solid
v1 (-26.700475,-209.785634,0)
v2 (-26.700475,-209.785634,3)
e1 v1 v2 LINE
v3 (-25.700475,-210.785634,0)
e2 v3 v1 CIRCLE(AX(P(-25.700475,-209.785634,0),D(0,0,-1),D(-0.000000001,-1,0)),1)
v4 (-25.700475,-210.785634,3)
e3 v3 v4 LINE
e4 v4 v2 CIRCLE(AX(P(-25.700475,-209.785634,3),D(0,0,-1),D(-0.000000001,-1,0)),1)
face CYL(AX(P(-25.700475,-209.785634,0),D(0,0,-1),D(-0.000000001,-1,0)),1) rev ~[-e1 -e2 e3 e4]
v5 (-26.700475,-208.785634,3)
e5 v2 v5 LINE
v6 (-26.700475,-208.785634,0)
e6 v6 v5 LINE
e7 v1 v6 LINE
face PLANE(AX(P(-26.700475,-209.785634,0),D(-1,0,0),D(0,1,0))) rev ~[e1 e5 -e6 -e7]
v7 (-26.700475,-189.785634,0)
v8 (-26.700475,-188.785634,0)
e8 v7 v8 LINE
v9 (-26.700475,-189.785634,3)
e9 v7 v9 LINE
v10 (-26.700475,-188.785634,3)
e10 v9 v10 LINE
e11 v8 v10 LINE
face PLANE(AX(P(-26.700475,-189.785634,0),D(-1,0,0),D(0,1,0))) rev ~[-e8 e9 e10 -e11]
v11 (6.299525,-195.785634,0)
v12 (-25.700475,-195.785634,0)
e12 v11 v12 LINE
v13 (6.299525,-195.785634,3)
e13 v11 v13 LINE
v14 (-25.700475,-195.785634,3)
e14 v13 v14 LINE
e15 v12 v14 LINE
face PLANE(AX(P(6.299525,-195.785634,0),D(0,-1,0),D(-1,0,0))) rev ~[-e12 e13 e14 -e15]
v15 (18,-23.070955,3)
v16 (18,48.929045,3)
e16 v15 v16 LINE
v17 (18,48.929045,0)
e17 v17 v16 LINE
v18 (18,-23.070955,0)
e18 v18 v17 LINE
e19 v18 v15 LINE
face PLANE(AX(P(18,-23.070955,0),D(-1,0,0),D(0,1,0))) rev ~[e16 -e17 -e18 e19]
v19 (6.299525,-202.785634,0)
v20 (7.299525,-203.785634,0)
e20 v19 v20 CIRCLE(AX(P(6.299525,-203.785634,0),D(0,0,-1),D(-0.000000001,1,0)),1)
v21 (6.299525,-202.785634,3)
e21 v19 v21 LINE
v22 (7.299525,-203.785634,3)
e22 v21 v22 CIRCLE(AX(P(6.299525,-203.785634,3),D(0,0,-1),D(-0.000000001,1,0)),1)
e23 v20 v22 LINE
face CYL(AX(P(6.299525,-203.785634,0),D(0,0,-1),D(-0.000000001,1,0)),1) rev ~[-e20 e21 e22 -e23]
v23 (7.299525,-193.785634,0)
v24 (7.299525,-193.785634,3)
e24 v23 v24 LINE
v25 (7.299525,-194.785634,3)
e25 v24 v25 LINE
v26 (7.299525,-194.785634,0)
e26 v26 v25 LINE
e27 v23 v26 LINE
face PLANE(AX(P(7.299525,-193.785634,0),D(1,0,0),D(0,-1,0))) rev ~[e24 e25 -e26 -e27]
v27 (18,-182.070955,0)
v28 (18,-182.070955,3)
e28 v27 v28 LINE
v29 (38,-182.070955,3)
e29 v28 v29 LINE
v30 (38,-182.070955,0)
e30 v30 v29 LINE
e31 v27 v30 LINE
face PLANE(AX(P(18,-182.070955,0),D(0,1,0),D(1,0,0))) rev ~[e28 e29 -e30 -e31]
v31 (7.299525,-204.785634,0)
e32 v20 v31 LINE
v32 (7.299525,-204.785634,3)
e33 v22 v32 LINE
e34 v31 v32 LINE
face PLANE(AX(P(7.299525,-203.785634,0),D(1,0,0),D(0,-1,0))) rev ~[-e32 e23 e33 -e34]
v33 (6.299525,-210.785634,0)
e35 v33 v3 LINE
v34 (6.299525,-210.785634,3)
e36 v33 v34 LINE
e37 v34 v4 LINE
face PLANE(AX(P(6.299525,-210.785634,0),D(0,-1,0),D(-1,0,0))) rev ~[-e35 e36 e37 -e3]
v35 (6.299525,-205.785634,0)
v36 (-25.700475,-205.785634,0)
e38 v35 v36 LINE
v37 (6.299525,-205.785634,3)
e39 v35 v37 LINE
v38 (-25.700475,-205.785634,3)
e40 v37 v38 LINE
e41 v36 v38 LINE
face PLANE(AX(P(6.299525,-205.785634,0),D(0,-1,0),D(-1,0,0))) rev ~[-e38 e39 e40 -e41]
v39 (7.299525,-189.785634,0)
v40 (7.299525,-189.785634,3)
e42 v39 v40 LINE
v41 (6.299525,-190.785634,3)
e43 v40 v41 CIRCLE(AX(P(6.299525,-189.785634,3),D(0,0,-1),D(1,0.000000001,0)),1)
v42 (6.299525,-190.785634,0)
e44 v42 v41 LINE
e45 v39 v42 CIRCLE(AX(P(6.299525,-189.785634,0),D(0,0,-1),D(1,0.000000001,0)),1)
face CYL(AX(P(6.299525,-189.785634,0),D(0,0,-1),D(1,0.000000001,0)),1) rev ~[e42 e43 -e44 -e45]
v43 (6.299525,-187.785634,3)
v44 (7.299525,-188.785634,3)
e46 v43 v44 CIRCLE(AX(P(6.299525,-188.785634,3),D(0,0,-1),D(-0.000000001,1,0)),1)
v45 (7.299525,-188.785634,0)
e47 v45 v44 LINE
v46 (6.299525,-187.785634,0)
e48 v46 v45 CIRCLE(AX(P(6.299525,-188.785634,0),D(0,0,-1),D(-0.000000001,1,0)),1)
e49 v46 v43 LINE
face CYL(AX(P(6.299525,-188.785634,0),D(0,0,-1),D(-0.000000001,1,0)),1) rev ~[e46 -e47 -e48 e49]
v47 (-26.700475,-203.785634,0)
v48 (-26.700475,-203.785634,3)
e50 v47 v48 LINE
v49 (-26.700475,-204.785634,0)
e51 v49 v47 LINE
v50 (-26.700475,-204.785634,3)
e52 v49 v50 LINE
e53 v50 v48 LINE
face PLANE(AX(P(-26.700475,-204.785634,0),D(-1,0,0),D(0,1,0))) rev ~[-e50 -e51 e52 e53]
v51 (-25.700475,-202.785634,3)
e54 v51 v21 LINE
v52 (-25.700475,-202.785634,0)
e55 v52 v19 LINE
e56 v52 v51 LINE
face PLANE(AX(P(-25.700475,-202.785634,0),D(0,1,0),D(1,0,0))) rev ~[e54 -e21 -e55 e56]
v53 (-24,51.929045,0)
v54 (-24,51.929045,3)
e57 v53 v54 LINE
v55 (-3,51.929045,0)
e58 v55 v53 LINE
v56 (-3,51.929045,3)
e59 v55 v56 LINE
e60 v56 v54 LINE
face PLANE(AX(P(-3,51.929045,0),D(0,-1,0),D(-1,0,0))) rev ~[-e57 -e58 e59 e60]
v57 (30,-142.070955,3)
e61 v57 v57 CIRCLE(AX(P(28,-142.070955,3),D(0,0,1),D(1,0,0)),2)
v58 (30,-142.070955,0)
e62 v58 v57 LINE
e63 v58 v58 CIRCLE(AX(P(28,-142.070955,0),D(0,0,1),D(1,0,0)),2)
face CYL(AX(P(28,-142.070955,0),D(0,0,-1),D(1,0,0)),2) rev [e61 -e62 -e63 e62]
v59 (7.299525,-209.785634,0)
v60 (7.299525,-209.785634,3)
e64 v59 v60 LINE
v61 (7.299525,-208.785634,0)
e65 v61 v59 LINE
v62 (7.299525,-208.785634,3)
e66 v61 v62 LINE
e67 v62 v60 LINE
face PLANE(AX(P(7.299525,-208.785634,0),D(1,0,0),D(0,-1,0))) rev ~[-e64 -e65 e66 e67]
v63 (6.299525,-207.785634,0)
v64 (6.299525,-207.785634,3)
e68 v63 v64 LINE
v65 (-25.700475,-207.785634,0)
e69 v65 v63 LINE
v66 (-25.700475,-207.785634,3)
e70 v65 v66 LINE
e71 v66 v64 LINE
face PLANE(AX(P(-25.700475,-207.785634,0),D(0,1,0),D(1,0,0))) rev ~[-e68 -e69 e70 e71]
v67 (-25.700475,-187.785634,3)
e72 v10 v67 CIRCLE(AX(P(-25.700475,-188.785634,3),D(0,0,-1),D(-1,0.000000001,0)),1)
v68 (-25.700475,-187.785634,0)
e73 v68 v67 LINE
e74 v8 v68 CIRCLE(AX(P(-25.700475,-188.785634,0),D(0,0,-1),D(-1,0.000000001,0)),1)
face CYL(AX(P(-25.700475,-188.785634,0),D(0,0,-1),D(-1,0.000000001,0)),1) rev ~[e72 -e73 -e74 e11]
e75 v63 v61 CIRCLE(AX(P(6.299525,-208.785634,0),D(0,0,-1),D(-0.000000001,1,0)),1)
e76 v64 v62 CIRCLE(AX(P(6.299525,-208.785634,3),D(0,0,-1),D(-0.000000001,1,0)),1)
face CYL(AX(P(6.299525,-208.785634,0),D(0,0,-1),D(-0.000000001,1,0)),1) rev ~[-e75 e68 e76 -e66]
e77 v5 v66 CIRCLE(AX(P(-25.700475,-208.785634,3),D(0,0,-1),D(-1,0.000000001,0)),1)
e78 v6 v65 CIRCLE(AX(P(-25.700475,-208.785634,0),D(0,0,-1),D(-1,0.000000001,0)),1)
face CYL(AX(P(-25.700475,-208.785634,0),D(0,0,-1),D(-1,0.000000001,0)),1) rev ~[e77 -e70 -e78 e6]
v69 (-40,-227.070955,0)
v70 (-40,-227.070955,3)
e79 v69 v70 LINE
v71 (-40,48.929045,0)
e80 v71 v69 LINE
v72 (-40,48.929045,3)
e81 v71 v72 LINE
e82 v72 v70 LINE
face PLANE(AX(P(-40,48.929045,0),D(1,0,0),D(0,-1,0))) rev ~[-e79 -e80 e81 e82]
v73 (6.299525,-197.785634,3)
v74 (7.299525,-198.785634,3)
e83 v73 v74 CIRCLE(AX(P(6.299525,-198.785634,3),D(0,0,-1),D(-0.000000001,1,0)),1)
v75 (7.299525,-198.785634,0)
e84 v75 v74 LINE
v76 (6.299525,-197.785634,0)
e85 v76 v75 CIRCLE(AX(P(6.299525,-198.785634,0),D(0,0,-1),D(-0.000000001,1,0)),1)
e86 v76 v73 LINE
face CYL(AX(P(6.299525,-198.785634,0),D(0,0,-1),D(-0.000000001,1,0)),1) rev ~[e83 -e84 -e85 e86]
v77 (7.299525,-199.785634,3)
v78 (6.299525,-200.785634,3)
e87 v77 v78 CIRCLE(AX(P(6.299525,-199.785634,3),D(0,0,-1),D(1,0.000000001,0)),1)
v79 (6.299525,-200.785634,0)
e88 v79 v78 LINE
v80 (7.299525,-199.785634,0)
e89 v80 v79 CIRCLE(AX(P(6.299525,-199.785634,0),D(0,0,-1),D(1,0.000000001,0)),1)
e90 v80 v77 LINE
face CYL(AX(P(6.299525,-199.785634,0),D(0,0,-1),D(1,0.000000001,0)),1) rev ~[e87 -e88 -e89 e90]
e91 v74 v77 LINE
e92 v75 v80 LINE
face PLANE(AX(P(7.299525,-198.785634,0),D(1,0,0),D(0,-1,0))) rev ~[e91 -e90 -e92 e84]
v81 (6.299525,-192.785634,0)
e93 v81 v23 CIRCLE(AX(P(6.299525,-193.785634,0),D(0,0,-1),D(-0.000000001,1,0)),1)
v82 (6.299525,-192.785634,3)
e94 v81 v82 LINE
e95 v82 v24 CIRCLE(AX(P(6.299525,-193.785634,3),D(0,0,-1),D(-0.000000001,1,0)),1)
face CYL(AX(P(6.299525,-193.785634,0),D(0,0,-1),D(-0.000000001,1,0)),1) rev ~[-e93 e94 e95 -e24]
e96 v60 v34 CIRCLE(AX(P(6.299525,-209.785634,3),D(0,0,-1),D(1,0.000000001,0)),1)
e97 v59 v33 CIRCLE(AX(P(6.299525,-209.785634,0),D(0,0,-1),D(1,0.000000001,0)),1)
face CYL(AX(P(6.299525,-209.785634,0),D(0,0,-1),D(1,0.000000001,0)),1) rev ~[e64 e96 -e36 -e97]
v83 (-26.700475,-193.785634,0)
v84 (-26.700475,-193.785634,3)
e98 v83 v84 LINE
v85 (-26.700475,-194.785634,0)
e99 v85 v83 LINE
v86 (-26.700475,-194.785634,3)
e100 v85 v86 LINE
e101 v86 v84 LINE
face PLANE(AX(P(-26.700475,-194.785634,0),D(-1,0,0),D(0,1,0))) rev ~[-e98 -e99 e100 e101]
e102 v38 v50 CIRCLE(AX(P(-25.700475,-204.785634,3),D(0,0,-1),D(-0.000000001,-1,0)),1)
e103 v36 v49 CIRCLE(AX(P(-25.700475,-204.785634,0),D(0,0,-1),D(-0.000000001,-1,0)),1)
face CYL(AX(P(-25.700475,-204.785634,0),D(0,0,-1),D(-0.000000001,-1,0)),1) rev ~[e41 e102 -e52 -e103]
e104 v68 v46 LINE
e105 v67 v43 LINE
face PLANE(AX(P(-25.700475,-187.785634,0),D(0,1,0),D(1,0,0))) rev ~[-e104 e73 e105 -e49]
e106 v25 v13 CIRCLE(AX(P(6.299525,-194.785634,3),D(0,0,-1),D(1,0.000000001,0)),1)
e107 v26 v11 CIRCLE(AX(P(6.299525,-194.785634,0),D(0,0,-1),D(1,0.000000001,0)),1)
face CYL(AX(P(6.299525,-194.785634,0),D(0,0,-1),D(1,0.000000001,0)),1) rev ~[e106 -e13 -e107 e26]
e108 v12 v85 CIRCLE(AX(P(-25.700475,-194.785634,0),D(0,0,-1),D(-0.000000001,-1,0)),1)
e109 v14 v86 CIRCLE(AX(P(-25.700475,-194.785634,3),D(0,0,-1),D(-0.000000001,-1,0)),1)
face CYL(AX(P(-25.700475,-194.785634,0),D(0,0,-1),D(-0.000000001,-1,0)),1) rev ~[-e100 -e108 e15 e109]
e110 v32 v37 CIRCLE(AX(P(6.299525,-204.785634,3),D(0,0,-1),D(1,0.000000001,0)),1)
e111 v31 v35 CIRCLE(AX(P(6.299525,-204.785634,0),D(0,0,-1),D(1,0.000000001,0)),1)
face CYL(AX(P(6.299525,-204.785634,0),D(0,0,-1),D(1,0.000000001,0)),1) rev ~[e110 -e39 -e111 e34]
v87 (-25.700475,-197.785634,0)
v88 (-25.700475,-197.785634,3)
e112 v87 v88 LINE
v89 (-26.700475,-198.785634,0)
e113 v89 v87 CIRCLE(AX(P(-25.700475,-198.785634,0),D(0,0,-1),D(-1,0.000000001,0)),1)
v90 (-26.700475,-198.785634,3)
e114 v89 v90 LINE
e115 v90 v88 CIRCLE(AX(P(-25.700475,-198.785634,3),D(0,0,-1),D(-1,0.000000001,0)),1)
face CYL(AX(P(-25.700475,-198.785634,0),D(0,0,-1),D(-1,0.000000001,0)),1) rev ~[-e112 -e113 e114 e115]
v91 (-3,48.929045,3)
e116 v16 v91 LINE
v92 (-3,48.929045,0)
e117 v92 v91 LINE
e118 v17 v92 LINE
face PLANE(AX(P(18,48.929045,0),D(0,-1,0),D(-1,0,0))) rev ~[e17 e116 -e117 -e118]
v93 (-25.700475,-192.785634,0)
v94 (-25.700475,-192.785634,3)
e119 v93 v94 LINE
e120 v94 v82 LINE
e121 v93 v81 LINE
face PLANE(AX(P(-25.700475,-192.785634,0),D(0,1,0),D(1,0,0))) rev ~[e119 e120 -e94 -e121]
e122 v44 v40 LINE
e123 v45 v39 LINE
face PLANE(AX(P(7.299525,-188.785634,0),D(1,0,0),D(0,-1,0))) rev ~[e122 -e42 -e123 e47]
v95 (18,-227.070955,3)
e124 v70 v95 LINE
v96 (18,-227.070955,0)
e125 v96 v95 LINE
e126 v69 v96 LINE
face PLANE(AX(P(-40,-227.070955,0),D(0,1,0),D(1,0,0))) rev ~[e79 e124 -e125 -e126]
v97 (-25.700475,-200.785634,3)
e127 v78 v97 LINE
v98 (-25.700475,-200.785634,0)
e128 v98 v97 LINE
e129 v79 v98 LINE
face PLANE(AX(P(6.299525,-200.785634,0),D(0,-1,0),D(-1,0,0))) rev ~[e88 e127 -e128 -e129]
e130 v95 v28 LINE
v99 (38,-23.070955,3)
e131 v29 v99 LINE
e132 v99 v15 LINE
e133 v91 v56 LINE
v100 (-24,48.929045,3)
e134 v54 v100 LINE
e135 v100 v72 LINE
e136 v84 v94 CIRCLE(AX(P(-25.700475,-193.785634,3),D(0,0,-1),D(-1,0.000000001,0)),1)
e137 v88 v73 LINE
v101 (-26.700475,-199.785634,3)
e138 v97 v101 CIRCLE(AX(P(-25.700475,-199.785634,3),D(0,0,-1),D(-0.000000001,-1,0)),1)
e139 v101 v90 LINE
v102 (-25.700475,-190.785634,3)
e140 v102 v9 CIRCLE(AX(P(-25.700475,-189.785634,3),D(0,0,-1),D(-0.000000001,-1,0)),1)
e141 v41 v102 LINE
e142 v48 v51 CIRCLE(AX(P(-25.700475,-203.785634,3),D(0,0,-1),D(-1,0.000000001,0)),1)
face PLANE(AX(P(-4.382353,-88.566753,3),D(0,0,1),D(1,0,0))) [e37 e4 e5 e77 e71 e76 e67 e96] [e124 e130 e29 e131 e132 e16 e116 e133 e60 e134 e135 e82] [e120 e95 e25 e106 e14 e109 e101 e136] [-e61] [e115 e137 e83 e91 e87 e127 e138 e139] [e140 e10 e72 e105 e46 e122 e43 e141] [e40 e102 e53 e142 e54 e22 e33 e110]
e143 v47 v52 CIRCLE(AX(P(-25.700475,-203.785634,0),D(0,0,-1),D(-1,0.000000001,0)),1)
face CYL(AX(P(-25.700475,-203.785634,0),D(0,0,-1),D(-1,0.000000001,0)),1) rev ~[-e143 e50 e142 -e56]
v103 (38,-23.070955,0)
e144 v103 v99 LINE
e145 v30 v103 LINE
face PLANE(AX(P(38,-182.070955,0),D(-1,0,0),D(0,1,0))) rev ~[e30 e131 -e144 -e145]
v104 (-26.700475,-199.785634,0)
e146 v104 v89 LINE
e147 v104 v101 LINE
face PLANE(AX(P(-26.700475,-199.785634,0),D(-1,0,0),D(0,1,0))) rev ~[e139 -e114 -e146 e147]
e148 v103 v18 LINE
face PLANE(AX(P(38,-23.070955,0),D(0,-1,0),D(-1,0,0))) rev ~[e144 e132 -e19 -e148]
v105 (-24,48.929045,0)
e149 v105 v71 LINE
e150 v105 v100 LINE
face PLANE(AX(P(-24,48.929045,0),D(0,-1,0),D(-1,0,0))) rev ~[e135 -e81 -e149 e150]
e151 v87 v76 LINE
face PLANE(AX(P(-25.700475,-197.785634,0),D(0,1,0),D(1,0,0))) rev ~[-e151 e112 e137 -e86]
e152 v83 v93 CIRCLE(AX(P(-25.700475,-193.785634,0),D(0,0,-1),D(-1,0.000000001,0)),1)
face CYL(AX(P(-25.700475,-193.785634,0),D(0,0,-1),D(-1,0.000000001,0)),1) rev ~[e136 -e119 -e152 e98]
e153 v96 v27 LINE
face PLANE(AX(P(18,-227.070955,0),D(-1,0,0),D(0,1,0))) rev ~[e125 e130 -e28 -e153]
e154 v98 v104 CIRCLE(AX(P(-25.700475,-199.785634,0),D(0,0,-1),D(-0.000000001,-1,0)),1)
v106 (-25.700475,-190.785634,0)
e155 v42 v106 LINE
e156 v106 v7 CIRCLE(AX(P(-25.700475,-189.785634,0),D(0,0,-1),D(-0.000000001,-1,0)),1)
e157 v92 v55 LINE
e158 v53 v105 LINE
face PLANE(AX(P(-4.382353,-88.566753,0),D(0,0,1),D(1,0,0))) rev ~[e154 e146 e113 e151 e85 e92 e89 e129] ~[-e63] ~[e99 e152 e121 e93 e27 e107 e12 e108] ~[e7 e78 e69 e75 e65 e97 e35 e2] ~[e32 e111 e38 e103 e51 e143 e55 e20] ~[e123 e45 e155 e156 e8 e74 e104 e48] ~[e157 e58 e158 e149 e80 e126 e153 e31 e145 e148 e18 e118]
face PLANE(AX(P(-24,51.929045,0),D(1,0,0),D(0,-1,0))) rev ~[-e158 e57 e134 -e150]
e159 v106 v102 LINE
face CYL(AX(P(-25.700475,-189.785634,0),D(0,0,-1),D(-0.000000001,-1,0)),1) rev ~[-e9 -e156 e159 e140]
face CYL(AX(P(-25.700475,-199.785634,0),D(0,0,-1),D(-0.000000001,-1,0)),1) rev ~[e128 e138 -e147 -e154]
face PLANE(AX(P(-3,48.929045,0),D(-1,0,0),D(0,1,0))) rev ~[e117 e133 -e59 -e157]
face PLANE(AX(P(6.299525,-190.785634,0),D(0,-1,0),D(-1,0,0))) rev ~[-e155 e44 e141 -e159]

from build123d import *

# Parameters (mm, degrees)
SKETCH1_R           = 2
BOSS_EXTRUDE1_DEPTH = 3


with BuildPart() as part:
    # Sketch1 → Boss-Extrude1 (new body)
    with BuildSketch(Plane.XY):
        Polygon((18, -23.070954543), (18, 48.929045457), (-3, 48.929045457), (-3, 51.929045457), (-24, 51.929045457), (-24, 48.929045457), (-40, 48.929045457), (-40, -227.070954543), (18, -227.070954543), (18, -182.070954543), (38, -182.070954543), (38, -23.070954543), align=None)
        with BuildLine():
            Line((-25.70047512, -207.785634012), (6.29952488, -207.785634012))
            ThreePointArc((6.29952488, -207.785634012), (7.006631662, -208.078527231), (7.29952488, -208.785634012))
            Line((7.29952488, -208.785634012), (7.29952488, -209.785634012))
            ThreePointArc((7.29952488, -209.785634012), (7.006631662, -210.492740793), (6.29952488, -210.785634012))
            Line((6.29952488, -210.785634012), (-25.70047512, -210.785634012))
            ThreePointArc((-25.70047512, -210.785634012), (-26.407581901, -210.492740793), (-26.70047512, -209.785634012))
            Line((-26.70047512, -209.785634012), (-26.70047512, -208.785634012))
            ThreePointArc((-26.70047512, -208.785634012), (-26.407581901, -208.078527231), (-25.70047512, -207.785634012))
        make_face(mode=Mode.SUBTRACT)
        with BuildLine():
            Line((-25.70047512, -202.785634012), (6.29952488, -202.785634012))
            ThreePointArc((6.29952488, -202.785634012), (7.006631662, -203.078527231), (7.29952488, -203.785634012))
            Line((7.29952488, -203.785634012), (7.29952488, -204.785634012))
            ThreePointArc((7.29952488, -204.785634012), (7.006631662, -205.492740793), (6.29952488, -205.785634012))
            Line((6.29952488, -205.785634012), (-25.70047512, -205.785634012))
            ThreePointArc((-25.70047512, -205.785634012), (-26.407581901, -205.492740793), (-26.70047512, -204.785634012))
            Line((-26.70047512, -204.785634012), (-26.70047512, -203.785634012))
            ThreePointArc((-26.70047512, -203.785634012), (-26.407581901, -203.078527231), (-25.70047512, -202.785634012))
        make_face(mode=Mode.SUBTRACT)
        with BuildLine():
            Line((-25.70047512, -197.785634012), (6.29952488, -197.785634012))
            ThreePointArc((6.29952488, -197.785634012), (7.006631662, -198.078527231), (7.29952488, -198.785634012))
            Line((7.29952488, -198.785634012), (7.29952488, -199.785634012))
            ThreePointArc((7.29952488, -199.785634012), (7.006631662, -200.492740793), (6.29952488, -200.785634012))
            Line((6.29952488, -200.785634012), (-25.70047512, -200.785634012))
            ThreePointArc((-25.70047512, -200.785634012), (-26.407581901, -200.492740793), (-26.70047512, -199.785634012))
            Line((-26.70047512, -199.785634012), (-26.70047512, -198.785634012))
            ThreePointArc((-26.70047512, -198.785634012), (-26.407581901, -198.078527231), (-25.70047512, -197.785634012))
        make_face(mode=Mode.SUBTRACT)
        with BuildLine():
            Line((-25.70047512, -192.785634012), (6.29952488, -192.785634012))
            ThreePointArc((6.29952488, -192.785634012), (7.006631662, -193.078527231), (7.29952488, -193.785634012))
            Line((7.29952488, -193.785634012), (7.29952488, -194.785634012))
            ThreePointArc((7.29952488, -194.785634012), (7.006631662, -195.492740793), (6.29952488, -195.785634012))
            Line((6.29952488, -195.785634012), (-25.70047512, -195.785634012))
            ThreePointArc((-25.70047512, -195.785634012), (-26.407581901, -195.492740793), (-26.70047512, -194.785634012))
            Line((-26.70047512, -194.785634012), (-26.70047512, -193.785634012))
            ThreePointArc((-26.70047512, -193.785634012), (-26.407581901, -193.078527231), (-25.70047512, -192.785634012))
        make_face(mode=Mode.SUBTRACT)
        with BuildLine():
            Line((-25.70047512, -187.785634012), (6.29952488, -187.785634012))
            ThreePointArc((6.29952488, -187.785634012), (7.006631662, -188.078527231), (7.29952488, -188.785634012))
            Line((7.29952488, -188.785634012), (7.29952488, -189.785634012))
            ThreePointArc((7.29952488, -189.785634012), (7.006631662, -190.492740793), (6.29952488, -190.785634012))
            Line((6.29952488, -190.785634012), (-25.70047512, -190.785634012))
            ThreePointArc((-25.70047512, -190.785634012), (-26.407581901, -190.492740793), (-26.70047512, -189.785634012))
            Line((-26.70047512, -189.785634012), (-26.70047512, -188.785634012))
            ThreePointArc((-26.70047512, -188.785634012), (-26.407581901, -188.078527231), (-25.70047512, -187.785634012))
        make_face(mode=Mode.SUBTRACT)
        with Locations((28, -142.070954543)):
            Circle(SKETCH1_R, mode=Mode.SUBTRACT)
    extrude(amount=BOSS_EXTRUDE1_DEPTH)


solid = part.part
